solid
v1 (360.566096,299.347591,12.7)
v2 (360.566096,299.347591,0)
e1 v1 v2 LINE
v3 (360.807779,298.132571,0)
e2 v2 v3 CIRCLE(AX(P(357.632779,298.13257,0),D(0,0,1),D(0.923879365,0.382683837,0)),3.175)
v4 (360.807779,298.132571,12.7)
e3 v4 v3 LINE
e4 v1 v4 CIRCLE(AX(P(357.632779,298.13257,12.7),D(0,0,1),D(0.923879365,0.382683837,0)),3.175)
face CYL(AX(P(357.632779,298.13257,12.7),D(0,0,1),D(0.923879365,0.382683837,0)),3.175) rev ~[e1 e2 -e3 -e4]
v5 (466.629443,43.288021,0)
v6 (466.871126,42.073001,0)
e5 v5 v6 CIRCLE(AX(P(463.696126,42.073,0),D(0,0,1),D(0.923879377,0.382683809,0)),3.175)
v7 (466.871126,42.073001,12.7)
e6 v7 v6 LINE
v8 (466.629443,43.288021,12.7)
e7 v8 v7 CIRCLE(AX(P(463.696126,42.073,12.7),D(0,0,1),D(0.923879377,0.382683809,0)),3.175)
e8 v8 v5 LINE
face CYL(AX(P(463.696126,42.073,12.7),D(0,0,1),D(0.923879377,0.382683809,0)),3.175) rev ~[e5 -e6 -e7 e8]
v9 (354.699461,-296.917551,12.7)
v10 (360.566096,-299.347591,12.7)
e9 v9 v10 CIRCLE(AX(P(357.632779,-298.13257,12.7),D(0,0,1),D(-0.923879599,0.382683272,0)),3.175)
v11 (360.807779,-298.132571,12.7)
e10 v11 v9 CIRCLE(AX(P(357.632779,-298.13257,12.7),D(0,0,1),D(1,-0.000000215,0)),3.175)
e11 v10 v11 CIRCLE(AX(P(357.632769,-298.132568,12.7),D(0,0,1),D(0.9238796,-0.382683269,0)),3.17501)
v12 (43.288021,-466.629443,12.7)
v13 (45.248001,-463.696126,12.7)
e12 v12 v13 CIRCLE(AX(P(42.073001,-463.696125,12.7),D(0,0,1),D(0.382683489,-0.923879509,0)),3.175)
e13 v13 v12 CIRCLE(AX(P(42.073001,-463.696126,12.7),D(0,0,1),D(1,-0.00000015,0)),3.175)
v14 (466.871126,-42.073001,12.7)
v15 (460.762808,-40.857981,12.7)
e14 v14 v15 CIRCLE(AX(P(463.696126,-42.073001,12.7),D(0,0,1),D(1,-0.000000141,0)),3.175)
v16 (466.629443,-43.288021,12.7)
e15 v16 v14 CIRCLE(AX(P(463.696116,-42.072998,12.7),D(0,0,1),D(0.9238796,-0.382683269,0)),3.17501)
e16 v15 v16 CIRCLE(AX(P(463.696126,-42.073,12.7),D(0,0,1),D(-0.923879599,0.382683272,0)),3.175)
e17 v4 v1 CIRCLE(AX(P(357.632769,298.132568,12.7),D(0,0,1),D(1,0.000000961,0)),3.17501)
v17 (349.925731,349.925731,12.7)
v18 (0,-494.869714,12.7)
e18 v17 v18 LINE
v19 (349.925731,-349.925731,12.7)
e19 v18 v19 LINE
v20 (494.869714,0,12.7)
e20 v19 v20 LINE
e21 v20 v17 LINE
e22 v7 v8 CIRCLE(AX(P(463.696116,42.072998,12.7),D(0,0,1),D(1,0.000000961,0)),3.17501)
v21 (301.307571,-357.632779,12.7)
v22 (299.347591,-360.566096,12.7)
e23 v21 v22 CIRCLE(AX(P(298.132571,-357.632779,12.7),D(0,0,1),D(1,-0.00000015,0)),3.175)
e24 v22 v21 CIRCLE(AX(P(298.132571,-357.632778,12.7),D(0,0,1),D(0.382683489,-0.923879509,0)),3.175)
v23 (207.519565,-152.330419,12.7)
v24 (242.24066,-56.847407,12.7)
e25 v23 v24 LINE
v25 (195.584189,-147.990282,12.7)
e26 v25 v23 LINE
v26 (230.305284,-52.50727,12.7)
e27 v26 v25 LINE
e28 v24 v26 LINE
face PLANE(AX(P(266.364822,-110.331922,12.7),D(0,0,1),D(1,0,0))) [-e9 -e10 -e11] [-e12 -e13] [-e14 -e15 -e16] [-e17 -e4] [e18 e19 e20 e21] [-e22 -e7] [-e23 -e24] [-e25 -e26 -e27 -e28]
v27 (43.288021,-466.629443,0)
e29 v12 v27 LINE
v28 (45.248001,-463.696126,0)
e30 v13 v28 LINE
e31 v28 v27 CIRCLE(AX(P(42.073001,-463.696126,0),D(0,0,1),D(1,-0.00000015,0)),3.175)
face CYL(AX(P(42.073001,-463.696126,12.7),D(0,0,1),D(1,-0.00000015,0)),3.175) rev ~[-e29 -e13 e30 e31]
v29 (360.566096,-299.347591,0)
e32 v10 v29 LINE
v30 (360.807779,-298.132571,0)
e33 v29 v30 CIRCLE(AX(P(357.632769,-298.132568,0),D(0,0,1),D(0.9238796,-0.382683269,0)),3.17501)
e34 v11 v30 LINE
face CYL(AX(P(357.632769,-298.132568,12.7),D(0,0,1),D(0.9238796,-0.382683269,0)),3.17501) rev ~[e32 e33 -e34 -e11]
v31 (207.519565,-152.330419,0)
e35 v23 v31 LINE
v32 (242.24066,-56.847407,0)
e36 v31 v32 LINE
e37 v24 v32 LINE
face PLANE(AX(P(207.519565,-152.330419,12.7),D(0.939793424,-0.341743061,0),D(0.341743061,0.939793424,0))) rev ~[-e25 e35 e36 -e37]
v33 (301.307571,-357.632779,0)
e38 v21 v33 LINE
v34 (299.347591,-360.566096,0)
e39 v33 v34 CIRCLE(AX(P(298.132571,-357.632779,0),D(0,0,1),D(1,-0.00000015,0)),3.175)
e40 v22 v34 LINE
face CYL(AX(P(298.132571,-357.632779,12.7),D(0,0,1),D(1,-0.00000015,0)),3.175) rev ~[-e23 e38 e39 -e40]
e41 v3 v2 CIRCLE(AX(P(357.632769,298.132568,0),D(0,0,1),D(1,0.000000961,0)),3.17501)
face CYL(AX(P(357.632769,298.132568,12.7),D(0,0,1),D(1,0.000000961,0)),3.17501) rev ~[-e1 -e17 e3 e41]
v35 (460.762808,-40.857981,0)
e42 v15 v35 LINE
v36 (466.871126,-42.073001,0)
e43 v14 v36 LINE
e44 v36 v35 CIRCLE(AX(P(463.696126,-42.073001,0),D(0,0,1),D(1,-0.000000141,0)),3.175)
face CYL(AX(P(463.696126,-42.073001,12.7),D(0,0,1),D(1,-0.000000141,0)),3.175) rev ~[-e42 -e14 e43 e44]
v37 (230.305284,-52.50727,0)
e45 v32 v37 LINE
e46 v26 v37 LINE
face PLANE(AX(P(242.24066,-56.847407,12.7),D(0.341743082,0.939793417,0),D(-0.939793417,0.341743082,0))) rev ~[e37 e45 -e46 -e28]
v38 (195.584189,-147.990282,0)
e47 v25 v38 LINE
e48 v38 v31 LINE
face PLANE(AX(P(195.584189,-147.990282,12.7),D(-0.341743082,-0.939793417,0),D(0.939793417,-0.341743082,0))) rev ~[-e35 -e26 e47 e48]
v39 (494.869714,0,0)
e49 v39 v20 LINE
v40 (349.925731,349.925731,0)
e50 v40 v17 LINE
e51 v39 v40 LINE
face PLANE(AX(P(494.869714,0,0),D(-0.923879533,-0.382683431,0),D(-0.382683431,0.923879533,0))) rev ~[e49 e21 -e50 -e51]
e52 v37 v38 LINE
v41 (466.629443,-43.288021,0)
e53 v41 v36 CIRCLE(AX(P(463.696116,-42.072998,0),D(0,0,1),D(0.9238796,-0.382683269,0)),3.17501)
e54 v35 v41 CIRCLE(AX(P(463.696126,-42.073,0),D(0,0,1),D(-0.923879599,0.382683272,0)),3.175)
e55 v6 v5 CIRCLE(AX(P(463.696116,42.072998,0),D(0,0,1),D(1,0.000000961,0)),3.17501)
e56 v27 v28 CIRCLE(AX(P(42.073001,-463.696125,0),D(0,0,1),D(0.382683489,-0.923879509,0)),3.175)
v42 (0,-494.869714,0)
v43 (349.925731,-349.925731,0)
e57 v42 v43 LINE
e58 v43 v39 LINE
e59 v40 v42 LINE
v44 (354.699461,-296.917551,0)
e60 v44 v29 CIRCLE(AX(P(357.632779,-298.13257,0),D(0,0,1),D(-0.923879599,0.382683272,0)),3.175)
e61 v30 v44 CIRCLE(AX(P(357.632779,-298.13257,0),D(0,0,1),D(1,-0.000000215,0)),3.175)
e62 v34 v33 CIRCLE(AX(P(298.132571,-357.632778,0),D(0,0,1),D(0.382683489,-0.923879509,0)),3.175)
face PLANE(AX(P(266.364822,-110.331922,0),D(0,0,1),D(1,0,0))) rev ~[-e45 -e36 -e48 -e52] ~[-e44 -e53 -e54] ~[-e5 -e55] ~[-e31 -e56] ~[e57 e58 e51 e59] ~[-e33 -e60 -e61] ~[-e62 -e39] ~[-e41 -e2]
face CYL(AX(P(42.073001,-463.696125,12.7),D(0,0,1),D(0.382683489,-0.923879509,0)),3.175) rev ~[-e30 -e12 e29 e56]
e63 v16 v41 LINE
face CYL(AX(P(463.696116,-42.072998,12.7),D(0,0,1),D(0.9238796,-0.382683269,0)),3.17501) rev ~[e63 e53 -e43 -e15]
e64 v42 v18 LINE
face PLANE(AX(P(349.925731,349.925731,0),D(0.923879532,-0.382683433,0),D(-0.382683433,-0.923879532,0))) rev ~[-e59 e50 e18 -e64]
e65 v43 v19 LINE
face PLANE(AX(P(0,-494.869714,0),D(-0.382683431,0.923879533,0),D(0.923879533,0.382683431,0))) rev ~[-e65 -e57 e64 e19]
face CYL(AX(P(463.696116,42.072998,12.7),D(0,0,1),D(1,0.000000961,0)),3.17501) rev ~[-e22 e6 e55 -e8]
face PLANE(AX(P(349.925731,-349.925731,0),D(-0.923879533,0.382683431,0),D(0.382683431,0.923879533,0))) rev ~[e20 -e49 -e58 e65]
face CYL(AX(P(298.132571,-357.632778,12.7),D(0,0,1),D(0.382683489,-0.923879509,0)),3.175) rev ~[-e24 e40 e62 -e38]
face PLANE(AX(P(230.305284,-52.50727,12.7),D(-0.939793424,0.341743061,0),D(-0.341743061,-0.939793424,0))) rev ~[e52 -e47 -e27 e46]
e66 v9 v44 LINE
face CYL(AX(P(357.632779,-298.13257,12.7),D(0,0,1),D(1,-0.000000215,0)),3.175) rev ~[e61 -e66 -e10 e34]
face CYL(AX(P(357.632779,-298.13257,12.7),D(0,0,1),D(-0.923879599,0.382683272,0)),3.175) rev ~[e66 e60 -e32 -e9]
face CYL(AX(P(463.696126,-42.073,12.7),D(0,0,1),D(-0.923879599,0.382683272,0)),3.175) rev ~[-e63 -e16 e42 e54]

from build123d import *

# Parameters (mm, degrees)
F1_DEPTH = 12.7
F3_DEPTH = 12.701
F5_DEPTH = 25.4


with BuildPart() as f1:
    # F0 (on Top) → F1 (new body)
    with BuildSketch(Plane.XY):
        Polygon((349.925731, -349.925731), (494.869714, 0), (349.925731, 349.925731), (0, -494.869714), align=None)
    extrude(amount=F1_DEPTH)

    # F2 (on face) → F3 (cut, through all)
    with BuildSketch(Plane.XY.offset(12.7)):
        with BuildLine():
            ThreePointArc((43.288021, -466.629443), (44.712917, -465.460061), (45.248001, -463.696126))
            ThreePointArc((45.248001, -463.696126), (39.433085, -461.93219), (43.288021, -466.629443))
        make_face()
        with BuildLine():
            ThreePointArc((299.347591, -360.566096), (300.772487, -359.396714), (301.307571, -357.632779))
            ThreePointArc((301.307571, -357.632779), (295.492655, -355.868843), (299.347591, -360.566096))
        make_face()
        with BuildLine():
            ThreePointArc((360.566096, -299.347591), (360.746772, -298.751982), (360.807779, -298.132571))
            ThreePointArc((360.807779, -298.132571), (358.252191, -295.018577), (354.699461, -296.917551))
            Line((354.699461, -296.917551), (357.632779, -298.132571))
            Line((357.632779, -298.132571), (360.566096, -299.347591))
        make_face()
        with BuildLine():
            Line((357.632779, -298.132571), (354.699461, -296.917551))
            ThreePointArc((354.699461, -296.917551), (356.417759, -301.065888), (360.566096, -299.347591))
            Line((360.566096, -299.347591), (357.632779, -298.132571))
        make_face()
        with BuildLine():
            ThreePointArc((466.629443, -43.288021), (466.810119, -42.692412), (466.871126, -42.073001))
            ThreePointArc((466.871126, -42.073001), (464.315537, -38.959007), (460.762808, -40.857981))
            Line((460.762808, -40.857981), (463.696126, -42.073001))
            Line((463.696126, -42.073001), (466.629443, -43.288021))
        make_face()
        with BuildLine():
            Line((463.696126, -42.073001), (460.762808, -40.857981))
            ThreePointArc((460.762808, -40.857981), (462.481106, -45.006318), (466.629443, -43.288021))
            Line((466.629443, -43.288021), (463.696126, -42.073001))
        make_face()
        with BuildLine():
            ThreePointArc((466.629443, 43.288021), (460.582132, 41.453589), (466.871126, 42.073001))
            ThreePointArc((466.871126, 42.073001), (466.810119, 42.692412), (466.629443, 43.288021))
        make_face()
        with BuildLine():
            ThreePointArc((360.566096, 299.347591), (354.518786, 297.513159), (360.807779, 298.132571))
            ThreePointArc((360.807779, 298.132571), (360.746772, 298.751982), (360.566096, 299.347591))
        make_face()
    extrude(amount=-F3_DEPTH, mode=Mode.SUBTRACT)

    # F4 (on face) → F5 (cut)
    with BuildSketch(Plane.XY.offset(12.7)):
        Polygon((230.305284, -52.50727), (195.584189, -147.990282), (207.519565, -152.330419), (242.24066, -56.847407), align=None)
    extrude(amount=-F5_DEPTH, mode=Mode.SUBTRACT)


solid = f1.part
